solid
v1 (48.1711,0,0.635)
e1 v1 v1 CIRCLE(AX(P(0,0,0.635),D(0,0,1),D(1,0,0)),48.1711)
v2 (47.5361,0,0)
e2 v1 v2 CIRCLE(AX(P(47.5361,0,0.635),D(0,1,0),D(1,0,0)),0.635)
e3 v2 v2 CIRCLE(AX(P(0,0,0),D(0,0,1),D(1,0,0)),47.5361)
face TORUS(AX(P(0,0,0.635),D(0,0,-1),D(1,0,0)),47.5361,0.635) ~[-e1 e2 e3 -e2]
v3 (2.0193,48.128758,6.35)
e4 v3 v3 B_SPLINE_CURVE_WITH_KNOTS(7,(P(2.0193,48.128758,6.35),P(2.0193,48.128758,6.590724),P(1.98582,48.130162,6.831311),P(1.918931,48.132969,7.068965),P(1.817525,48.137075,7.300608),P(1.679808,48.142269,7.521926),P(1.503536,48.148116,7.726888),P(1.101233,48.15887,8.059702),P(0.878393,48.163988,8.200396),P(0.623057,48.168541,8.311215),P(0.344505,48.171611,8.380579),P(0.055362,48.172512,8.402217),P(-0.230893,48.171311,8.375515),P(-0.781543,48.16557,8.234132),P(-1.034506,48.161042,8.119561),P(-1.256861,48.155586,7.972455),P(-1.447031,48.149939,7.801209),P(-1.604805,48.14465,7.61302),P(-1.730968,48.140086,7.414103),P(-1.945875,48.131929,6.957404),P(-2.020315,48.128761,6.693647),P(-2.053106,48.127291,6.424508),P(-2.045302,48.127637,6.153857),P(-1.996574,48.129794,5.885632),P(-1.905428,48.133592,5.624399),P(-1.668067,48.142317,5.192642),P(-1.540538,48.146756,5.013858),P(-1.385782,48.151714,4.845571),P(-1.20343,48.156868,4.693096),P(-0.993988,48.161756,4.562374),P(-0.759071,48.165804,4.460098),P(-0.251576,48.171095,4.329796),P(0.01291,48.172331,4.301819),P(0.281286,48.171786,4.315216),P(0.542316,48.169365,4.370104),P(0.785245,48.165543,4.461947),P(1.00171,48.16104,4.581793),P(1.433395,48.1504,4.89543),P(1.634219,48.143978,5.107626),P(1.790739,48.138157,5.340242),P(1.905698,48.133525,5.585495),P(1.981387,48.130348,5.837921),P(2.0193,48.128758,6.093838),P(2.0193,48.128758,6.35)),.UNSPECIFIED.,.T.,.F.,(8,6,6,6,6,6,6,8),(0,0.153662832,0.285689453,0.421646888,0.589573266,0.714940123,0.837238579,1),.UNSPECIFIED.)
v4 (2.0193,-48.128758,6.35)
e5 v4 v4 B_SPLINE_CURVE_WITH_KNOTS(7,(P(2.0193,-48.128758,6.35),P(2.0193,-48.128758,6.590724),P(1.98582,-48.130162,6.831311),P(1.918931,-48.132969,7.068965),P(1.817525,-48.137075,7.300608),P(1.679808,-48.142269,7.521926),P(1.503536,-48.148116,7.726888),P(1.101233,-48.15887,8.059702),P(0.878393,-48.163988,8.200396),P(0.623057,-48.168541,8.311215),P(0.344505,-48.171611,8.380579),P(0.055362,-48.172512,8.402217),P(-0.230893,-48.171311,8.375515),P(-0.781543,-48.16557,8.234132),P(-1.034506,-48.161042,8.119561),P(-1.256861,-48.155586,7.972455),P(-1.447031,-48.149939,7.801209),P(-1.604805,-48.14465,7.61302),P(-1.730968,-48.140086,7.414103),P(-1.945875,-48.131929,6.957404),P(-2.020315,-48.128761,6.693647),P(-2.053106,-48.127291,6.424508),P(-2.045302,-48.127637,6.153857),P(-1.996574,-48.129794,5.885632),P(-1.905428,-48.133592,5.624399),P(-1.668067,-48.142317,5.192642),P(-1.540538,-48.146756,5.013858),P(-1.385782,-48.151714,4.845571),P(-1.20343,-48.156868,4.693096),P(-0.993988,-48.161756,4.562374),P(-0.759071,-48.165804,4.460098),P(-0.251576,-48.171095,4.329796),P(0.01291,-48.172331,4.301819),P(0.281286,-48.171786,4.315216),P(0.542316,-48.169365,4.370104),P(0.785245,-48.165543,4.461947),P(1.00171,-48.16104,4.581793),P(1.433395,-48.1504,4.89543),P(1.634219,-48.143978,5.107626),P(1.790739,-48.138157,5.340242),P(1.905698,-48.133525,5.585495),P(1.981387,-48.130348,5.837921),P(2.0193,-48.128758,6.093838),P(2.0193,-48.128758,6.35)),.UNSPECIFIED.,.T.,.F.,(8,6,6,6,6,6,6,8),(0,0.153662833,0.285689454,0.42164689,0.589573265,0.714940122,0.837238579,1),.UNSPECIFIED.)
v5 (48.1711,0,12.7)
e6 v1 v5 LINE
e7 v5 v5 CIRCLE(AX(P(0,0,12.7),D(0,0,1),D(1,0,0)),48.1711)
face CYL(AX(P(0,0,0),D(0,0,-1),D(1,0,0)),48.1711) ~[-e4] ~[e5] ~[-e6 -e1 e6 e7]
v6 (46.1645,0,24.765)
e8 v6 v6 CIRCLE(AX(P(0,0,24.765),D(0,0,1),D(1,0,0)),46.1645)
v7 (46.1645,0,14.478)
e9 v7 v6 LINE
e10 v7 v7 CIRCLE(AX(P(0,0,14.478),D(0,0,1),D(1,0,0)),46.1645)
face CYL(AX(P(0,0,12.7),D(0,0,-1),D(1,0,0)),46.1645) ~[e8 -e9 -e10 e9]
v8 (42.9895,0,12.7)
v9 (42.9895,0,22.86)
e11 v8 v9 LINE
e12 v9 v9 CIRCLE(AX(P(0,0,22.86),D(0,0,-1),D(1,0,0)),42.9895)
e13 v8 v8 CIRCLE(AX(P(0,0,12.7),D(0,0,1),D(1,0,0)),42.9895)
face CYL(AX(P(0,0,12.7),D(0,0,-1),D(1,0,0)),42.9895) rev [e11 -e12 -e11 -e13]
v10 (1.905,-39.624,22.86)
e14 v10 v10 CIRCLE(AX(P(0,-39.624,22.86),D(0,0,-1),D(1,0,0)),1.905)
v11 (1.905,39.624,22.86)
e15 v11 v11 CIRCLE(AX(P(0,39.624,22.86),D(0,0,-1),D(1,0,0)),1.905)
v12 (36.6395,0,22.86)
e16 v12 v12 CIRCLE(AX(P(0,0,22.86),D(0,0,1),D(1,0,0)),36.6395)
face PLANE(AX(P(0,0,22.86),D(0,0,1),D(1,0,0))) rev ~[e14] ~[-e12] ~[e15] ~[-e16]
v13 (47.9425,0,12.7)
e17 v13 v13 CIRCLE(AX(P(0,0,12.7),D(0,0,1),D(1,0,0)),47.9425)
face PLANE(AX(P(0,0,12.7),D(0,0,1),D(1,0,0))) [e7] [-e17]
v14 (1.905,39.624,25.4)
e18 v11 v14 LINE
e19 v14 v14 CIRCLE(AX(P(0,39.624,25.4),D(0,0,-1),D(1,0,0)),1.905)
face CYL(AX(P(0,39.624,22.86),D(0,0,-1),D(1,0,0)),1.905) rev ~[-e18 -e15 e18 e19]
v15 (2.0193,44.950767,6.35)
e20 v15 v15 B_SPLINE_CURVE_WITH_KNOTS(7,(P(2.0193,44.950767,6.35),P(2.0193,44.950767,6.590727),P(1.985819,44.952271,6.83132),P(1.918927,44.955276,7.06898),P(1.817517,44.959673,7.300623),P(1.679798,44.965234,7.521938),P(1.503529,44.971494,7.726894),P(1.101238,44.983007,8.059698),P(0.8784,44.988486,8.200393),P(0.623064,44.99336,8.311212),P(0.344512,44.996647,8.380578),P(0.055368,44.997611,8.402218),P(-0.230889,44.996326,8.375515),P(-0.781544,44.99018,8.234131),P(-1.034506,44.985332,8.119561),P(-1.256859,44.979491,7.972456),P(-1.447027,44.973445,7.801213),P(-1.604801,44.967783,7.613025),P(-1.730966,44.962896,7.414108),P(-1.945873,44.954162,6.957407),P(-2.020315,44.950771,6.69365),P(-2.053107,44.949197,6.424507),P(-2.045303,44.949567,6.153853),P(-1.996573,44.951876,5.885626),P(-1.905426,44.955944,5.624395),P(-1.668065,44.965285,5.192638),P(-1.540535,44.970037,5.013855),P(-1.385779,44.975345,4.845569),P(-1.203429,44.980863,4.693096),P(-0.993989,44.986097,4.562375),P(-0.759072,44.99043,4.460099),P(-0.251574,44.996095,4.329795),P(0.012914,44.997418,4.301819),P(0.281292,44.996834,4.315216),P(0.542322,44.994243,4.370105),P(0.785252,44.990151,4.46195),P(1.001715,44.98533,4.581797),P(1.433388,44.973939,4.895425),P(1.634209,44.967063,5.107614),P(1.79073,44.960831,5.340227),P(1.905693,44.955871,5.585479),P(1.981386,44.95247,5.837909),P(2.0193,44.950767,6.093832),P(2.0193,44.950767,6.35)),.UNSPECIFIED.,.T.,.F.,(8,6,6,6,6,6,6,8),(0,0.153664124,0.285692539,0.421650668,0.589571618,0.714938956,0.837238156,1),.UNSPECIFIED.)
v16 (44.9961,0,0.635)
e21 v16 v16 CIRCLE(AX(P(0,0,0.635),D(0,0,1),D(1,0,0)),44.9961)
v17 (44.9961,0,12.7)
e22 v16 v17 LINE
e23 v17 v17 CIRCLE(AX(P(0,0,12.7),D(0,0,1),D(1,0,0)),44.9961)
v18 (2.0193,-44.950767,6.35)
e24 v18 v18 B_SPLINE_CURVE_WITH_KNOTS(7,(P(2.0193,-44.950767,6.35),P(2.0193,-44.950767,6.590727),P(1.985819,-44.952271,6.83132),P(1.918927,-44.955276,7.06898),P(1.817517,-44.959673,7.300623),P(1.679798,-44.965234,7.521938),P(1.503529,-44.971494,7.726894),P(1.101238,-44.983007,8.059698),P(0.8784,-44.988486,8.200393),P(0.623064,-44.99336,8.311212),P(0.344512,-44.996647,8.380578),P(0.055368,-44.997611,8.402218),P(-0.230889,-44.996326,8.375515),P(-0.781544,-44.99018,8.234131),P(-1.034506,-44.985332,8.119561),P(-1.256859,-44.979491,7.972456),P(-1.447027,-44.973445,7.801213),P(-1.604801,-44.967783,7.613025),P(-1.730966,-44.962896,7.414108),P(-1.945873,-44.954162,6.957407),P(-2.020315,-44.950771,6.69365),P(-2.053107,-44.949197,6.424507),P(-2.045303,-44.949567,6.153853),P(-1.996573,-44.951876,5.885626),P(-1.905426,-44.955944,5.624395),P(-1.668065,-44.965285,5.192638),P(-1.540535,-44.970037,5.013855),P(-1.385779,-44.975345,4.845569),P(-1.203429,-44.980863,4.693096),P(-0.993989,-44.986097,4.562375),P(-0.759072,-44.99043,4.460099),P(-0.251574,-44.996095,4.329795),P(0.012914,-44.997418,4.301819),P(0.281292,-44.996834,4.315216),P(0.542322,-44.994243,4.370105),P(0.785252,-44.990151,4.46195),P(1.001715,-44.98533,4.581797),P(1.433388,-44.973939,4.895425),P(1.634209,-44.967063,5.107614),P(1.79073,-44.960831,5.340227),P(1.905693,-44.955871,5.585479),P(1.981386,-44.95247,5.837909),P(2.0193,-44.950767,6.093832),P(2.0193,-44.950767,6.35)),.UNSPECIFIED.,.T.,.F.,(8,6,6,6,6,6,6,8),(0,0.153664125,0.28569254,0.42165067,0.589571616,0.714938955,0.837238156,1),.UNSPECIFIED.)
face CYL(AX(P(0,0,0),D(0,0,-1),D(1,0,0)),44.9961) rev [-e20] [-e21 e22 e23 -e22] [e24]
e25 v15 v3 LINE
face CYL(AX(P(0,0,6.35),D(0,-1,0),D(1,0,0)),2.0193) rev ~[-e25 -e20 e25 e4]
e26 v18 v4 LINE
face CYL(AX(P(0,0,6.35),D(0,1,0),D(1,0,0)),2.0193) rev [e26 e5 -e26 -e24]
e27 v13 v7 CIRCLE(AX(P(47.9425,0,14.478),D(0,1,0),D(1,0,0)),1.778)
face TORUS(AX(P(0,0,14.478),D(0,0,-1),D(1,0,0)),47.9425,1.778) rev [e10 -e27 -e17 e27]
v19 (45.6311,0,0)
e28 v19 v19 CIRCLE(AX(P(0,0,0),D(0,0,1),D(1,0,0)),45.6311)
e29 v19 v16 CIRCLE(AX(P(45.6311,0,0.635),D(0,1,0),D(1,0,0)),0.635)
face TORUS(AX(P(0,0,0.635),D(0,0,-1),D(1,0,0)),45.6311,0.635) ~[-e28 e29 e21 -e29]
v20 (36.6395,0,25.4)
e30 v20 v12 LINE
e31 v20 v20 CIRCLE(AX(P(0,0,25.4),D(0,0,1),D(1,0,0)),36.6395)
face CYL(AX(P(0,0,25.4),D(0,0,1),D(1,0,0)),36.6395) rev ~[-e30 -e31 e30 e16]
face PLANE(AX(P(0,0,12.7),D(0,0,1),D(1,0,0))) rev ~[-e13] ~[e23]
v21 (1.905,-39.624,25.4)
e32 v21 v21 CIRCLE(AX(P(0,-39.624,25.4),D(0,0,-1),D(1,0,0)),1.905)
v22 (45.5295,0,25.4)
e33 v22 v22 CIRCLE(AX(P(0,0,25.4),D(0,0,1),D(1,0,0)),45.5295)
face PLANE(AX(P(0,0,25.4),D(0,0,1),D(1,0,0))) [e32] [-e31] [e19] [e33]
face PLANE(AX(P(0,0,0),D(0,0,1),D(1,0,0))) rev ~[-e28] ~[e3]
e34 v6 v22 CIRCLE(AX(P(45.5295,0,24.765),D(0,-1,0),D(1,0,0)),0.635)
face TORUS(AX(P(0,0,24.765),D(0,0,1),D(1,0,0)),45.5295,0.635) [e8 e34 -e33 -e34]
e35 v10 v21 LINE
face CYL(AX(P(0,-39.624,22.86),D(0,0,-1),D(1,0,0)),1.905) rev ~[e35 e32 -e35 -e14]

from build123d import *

# Parameters (mm, degrees)
SKETCH_R          = 48.1711
SKETCH_R_2        = 44.9961
PAD_DEPTH         = 12.7
SKETCH001_R       = 46.1645
SKETCH001_R_2     = 42.9895
PAD001_DEPTH      = 12.7
SKETCH002_R       = 2.0193
POCKET_DEPTH      = 76.2
POCKET_DEPTH_BACK = 76.2
SKETCH003_R       = 45.974
SKETCH003_R_2     = 36.6395
PAD002_DEPTH      = 2.54
SKETCH004_R       = 1.905
POCKET001_DEPTH   = 5.08
FILLET_R          = 0.635
FILLET001_R       = 1.778
FILLET002_R       = 0.635


with BuildPart() as part:
    # Sketch → Pad (new body)
    with BuildSketch(Plane.XY):
        Circle(SKETCH_R)
        Circle(SKETCH_R_2, mode=Mode.SUBTRACT)
    extrude(amount=PAD_DEPTH)

    # Sketch001 (on Face4 of Pad) → Pad001 (join)
    with BuildSketch(Plane.XY.offset(12.7)):
        Circle(SKETCH001_R)
        Circle(SKETCH001_R_2, mode=Mode.SUBTRACT)
    extrude(amount=PAD001_DEPTH)

    # Sketch002 → Pocket (cut, two sides)
    with BuildSketch(Plane.XZ) as pocket_sk:
        with Locations((0, 6.35)):
            Circle(SKETCH002_R)
    extrude(amount=POCKET_DEPTH, mode=Mode.SUBTRACT)
    extrude(pocket_sk.sketch, amount=-POCKET_DEPTH_BACK, mode=Mode.SUBTRACT)

    # Sketch003 → Pad002 (join)
    with BuildSketch(Plane.XY.offset(25.4)):
        Circle(SKETCH003_R)
        Circle(SKETCH003_R_2, mode=Mode.SUBTRACT)
    extrude(amount=-PAD002_DEPTH)

    # Sketch004 (on Face12 of Pad002) → Pocket001 (cut)
    with BuildSketch(Plane(origin=(0, 0, 22.86), x_dir=(1, 0, 0), z_dir=(0, 0, -1))):
        with Locations((0, 39.624)):
            Circle(SKETCH004_R)
        with Locations((0, -39.624)):
            Circle(SKETCH004_R)
    extrude(amount=-POCKET001_DEPTH, mode=Mode.SUBTRACT)

    # Fillet
    fillet_edges = [part.edges().sort_by_distance(p)[0] for p in [
        (-48.1711, 0, 0),
        (-44.9961, 0, 0),
    ]]
    fillet(fillet_edges, radius=FILLET_R)

    # Fillet001
    fillet001_edges = [part.edges().sort_by_distance(p)[0] for p in [
        (-46.1645, 0, 12.7),
    ]]
    fillet(fillet001_edges, radius=FILLET001_R)

    # Fillet002
    fillet002_edges = [part.edges().sort_by_distance(p)[0] for p in [
        (-46.1645, 0, 25.4),
    ]]
    fillet(fillet002_edges, radius=FILLET002_R)


solid = part.part
